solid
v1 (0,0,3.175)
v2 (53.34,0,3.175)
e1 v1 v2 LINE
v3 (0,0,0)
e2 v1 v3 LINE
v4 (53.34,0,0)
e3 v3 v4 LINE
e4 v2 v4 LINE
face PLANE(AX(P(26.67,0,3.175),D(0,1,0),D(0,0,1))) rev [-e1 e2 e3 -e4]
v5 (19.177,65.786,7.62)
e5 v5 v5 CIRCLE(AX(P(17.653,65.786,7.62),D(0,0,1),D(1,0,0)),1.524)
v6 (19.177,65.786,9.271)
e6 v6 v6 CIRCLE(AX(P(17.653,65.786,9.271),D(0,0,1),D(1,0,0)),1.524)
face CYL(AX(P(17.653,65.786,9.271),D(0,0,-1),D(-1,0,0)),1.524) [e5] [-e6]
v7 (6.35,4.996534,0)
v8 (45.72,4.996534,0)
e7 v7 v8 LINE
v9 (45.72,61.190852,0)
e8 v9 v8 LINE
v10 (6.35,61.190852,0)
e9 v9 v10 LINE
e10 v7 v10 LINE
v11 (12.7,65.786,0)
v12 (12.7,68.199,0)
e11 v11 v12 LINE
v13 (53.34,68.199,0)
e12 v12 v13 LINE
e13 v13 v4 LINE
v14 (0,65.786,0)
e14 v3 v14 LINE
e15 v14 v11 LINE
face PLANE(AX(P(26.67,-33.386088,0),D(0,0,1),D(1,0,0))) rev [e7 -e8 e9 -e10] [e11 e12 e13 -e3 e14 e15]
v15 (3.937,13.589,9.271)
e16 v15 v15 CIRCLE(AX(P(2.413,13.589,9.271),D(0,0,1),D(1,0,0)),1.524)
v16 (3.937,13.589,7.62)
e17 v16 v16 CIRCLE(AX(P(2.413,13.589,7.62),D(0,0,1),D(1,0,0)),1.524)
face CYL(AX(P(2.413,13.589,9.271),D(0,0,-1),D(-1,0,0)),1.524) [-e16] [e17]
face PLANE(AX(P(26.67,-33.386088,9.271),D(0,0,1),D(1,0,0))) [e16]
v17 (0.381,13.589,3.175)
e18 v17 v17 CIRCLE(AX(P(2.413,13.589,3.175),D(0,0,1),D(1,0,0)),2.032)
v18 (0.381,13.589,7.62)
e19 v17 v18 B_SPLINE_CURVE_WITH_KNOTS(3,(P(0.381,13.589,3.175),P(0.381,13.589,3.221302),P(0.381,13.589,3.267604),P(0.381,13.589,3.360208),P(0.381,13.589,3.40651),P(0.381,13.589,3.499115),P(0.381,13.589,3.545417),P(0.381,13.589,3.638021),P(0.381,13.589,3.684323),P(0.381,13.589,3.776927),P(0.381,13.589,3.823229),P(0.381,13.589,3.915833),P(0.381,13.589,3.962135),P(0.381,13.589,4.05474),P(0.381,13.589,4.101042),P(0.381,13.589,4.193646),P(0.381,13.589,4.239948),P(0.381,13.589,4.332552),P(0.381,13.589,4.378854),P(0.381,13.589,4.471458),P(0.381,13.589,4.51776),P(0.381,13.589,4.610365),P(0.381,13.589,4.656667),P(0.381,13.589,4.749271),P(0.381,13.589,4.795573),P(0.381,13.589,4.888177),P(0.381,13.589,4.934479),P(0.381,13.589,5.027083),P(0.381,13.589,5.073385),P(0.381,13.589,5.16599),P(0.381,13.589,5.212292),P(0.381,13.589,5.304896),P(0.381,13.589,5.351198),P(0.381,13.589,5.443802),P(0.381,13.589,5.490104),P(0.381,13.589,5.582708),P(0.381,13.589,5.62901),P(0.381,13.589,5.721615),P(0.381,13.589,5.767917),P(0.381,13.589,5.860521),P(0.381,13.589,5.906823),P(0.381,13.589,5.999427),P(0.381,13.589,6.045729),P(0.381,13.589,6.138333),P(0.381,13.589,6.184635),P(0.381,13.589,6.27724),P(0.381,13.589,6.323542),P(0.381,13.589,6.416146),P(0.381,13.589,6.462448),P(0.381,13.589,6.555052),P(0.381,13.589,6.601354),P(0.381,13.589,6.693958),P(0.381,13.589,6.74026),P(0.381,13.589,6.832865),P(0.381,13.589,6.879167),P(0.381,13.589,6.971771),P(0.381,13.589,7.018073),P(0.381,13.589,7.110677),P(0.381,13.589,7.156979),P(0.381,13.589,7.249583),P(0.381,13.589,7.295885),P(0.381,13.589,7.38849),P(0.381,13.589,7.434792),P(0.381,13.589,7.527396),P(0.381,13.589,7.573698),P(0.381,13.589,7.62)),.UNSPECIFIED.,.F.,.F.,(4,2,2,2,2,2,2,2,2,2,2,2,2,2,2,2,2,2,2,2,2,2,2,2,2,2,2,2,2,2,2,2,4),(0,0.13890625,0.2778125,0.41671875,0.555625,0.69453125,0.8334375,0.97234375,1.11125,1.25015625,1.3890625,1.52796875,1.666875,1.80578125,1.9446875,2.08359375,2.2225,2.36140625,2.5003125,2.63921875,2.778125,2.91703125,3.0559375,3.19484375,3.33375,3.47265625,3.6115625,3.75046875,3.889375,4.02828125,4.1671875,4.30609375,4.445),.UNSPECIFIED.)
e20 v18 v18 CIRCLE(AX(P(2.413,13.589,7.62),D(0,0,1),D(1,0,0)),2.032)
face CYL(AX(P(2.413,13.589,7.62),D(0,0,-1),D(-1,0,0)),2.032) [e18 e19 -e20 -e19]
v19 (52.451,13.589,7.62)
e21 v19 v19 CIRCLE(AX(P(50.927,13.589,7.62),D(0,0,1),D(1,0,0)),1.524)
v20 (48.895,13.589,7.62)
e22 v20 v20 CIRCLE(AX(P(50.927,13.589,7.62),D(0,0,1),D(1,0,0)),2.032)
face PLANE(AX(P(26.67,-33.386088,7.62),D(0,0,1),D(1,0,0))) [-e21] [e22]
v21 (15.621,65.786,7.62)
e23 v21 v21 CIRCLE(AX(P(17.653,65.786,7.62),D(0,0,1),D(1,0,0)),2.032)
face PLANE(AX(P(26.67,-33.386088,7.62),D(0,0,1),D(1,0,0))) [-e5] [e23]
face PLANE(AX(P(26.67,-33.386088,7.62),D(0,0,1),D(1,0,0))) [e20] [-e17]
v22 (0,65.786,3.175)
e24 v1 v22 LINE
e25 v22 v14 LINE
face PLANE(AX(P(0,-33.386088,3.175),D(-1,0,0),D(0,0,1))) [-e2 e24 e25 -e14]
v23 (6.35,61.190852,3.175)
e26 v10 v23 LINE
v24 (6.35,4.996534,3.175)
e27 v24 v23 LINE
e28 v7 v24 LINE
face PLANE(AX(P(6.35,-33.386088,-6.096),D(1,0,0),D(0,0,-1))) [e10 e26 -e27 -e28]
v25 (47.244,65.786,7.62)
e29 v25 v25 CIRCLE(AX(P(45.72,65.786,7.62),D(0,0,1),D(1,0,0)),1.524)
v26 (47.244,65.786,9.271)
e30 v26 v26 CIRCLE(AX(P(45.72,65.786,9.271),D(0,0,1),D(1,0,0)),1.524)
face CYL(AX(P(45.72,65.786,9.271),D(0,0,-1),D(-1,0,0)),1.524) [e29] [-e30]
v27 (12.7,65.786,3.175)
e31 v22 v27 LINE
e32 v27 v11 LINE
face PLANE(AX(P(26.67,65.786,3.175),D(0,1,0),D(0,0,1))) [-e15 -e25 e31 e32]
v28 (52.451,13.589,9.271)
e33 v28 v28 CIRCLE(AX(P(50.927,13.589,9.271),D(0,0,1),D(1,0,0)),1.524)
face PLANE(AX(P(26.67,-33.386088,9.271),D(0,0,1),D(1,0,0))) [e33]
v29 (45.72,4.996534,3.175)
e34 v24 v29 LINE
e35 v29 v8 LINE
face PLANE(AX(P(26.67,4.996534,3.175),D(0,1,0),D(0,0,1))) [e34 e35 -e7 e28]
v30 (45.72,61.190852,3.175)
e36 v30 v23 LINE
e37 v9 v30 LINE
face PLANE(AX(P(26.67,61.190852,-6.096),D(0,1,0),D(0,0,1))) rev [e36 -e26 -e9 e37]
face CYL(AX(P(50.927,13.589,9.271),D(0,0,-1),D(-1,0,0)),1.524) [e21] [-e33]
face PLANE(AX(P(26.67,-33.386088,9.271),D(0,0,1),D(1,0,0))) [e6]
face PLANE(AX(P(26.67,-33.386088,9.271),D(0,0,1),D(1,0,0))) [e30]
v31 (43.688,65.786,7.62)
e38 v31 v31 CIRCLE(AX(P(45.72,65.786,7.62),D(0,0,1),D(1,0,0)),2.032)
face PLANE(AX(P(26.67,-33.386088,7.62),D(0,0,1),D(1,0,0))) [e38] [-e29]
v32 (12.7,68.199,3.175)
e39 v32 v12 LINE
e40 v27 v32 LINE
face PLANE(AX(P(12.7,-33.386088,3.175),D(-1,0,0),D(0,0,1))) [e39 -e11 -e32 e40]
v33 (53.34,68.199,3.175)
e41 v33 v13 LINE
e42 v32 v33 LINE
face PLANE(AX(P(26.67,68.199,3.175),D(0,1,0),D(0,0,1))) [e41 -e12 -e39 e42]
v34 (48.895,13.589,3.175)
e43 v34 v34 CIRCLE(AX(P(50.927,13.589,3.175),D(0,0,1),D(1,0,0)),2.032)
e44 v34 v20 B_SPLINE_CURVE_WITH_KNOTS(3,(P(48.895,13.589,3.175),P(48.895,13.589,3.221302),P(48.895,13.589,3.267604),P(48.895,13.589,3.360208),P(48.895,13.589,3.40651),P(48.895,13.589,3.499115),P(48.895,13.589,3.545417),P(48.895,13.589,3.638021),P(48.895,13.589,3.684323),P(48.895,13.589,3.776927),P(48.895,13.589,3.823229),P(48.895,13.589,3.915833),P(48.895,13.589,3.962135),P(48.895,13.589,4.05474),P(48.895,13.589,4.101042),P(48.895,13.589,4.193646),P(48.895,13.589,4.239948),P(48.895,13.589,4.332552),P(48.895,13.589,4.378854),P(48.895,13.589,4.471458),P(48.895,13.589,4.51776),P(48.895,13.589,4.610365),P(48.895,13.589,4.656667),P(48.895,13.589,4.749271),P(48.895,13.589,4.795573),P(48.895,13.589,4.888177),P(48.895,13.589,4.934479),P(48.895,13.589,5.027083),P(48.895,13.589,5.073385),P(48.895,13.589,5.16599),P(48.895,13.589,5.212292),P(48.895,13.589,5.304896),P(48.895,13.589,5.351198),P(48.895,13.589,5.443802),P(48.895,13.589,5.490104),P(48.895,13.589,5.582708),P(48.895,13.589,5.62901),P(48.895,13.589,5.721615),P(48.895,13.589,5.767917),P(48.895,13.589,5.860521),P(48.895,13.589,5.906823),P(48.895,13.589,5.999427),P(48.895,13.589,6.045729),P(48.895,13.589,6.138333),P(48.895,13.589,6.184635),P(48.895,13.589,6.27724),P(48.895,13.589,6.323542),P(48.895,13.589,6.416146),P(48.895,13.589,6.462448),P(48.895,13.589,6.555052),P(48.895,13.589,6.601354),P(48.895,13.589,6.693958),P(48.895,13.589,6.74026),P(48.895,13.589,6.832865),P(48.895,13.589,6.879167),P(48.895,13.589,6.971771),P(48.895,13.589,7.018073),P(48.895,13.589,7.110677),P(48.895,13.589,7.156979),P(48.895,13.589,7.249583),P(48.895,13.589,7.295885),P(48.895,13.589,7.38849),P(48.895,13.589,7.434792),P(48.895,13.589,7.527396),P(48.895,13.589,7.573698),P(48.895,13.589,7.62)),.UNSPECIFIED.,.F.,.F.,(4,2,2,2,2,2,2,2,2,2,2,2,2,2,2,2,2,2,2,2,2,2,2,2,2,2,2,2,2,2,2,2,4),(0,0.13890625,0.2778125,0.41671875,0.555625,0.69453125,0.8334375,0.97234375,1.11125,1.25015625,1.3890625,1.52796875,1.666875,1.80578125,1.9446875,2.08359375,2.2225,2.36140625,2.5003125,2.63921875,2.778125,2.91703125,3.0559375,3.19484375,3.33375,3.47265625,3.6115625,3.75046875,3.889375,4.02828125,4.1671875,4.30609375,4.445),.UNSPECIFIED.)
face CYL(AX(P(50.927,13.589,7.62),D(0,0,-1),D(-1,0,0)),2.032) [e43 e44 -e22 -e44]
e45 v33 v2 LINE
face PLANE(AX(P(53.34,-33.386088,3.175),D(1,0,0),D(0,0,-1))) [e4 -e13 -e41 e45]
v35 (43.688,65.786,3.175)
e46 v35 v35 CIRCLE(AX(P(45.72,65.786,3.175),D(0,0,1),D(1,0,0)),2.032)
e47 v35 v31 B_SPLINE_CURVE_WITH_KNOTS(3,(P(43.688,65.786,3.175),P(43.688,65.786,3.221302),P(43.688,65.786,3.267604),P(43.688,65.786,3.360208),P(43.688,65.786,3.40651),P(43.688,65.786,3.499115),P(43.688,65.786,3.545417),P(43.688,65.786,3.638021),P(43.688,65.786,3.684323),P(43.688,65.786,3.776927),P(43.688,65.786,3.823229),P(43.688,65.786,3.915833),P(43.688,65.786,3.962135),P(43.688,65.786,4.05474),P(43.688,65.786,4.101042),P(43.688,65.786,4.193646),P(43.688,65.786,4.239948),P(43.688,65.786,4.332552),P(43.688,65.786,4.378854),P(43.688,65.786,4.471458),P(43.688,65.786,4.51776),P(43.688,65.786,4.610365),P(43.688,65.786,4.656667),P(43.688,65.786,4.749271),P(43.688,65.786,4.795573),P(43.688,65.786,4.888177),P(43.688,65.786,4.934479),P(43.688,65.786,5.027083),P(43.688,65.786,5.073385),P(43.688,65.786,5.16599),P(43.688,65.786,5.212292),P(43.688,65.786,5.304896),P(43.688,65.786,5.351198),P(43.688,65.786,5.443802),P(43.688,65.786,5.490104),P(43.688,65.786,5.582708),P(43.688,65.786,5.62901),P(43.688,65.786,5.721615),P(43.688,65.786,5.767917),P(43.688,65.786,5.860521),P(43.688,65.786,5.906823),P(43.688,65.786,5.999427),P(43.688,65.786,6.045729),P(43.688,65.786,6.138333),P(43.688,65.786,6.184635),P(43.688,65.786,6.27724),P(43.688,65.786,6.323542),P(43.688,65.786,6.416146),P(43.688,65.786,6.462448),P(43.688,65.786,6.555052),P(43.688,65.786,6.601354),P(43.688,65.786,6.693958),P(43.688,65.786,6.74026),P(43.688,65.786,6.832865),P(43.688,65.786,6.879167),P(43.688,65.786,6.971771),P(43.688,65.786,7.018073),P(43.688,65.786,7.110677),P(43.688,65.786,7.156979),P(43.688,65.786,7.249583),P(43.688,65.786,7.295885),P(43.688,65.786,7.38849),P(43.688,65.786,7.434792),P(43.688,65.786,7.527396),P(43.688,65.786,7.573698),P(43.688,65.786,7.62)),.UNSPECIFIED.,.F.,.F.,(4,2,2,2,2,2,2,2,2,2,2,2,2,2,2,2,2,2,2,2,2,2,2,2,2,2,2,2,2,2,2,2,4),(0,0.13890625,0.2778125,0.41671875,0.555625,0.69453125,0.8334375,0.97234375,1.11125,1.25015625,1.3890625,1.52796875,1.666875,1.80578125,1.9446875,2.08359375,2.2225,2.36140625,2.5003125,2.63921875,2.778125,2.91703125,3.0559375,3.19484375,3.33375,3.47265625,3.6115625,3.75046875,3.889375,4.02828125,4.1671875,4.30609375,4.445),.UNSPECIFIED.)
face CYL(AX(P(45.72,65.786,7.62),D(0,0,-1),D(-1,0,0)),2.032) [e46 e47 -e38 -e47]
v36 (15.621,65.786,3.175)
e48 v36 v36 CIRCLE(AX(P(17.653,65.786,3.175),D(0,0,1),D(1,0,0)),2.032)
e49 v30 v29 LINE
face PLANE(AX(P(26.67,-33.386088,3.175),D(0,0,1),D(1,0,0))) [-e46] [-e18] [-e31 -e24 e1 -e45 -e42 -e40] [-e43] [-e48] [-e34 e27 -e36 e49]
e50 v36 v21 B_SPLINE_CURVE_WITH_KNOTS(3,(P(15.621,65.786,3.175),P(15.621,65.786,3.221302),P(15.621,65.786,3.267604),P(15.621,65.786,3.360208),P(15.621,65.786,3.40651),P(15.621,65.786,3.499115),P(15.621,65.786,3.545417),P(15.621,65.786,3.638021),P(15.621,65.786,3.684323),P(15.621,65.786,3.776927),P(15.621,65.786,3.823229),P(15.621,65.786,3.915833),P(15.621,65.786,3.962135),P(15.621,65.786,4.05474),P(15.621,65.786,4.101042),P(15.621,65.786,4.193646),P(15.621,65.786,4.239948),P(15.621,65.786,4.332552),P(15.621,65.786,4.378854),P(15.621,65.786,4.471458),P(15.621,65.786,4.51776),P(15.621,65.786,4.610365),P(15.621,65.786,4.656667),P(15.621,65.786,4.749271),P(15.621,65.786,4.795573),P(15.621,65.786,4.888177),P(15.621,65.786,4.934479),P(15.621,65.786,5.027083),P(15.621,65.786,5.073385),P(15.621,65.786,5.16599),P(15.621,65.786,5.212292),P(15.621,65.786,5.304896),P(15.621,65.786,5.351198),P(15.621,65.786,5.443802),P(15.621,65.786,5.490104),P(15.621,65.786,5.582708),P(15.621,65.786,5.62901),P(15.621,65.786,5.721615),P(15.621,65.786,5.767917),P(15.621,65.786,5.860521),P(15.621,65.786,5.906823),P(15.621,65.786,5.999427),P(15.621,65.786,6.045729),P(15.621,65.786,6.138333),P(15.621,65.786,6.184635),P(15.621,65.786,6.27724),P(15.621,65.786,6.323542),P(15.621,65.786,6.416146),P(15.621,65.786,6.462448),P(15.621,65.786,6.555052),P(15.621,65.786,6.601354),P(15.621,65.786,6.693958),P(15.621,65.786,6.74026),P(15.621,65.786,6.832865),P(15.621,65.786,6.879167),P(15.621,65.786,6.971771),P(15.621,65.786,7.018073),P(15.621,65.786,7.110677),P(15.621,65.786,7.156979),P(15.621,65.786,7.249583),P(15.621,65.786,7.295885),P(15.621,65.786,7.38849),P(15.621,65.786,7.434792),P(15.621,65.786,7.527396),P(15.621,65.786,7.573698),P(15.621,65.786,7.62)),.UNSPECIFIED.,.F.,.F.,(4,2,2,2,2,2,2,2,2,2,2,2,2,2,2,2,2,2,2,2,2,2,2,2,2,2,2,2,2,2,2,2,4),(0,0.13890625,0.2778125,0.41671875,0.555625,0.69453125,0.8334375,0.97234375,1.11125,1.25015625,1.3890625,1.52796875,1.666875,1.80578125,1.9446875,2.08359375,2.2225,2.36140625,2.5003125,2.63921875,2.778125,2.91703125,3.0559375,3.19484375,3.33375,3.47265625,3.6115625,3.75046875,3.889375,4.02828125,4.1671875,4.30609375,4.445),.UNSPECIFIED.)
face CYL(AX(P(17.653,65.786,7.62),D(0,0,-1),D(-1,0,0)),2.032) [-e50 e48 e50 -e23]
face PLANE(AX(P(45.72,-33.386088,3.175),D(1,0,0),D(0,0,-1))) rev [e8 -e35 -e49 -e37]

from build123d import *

# Parameters (mm, degrees)
SKETCH1_R           = 2.032
SKETCH1_W           = 33.02
SKETCH1_H           = 52.3843179
BOSS_EXTRUDE1_DEPTH = 3.175
SKETCH1_3_R         = 2.032
SKETCH1_3_R_2       = 1.524
BOSS_EXTRUDE2_DEPTH = 7.62
SKETCH1_4_R         = 1.524
BOSS_EXTRUDE3_DEPTH = 9.271
SKETCH2_W           = 6.35
SKETCH2_H           = 52.3843179
CUT_EXTRUDE1_DEPTH  = 9.271


with BuildPart() as part:
    # Sketch1 → Boss-Extrude1 (new body)
    with BuildSketch(Plane.XY):
        Polygon((53.34, 68.199), (53.34, 65.786), (53.34, 0), (0, 0), (0, 65.786), (12.7, 65.786), (12.7, 68.199), (45.72, 68.199), align=None)
        with Locations((45.72, 65.786)):
            Circle(SKETCH1_R, mode=Mode.SUBTRACT)
        with Locations((17.653, 65.786)):
            Circle(SKETCH1_R, mode=Mode.SUBTRACT)
        with Locations((2.413, 13.589)):
            Circle(SKETCH1_R, mode=Mode.SUBTRACT)
        with Locations((50.927, 13.589)):
            Circle(SKETCH1_R, mode=Mode.SUBTRACT)
        with Locations((29.21, 31.18869335)):
            Rectangle(SKETCH1_W, SKETCH1_H, mode=Mode.SUBTRACT)
    extrude(amount=BOSS_EXTRUDE1_DEPTH)

    # Sketch1<3> → Boss-Extrude2 (add)
    # profile 1 of 4: a face of its own
    with BuildSketch(Plane.XY):
        with Locations(Location((17.653, 65.786, 0), (0, 0, 180))):
            Circle(SKETCH1_3_R)
        with Locations(Location((17.653, 65.786, 0), (0, 0, 180))):
            Circle(SKETCH1_3_R_2, mode=Mode.SUBTRACT)
    # profile 2 of 4: a face of its own
    with BuildSketch(Plane.XY):
        with Locations(Location((45.72, 65.786, 0), (0, 0, 180))):
            Circle(SKETCH1_3_R)
        with Locations(Location((45.72, 65.786, 0), (0, 0, 180))):
            Circle(SKETCH1_3_R_2, mode=Mode.SUBTRACT)
    # profile 3 of 4: a face of its own
    with BuildSketch(Plane.XY):
        with Locations(Location((50.927, 13.589, 0), (0, 0, 180))):
            Circle(SKETCH1_3_R)
        with Locations(Location((50.927, 13.589, 0), (0, 0, 180))):
            Circle(SKETCH1_3_R_2, mode=Mode.SUBTRACT)
    # profile 4 of 4: a face of its own
    with BuildSketch(Plane.XY):
        with Locations(Location((2.413, 13.589, 0), (0, 0, 180))):
            Circle(SKETCH1_3_R)
        with Locations(Location((2.413, 13.589, 0), (0, 0, 180))):
            Circle(SKETCH1_3_R_2, mode=Mode.SUBTRACT)
    extrude(amount=BOSS_EXTRUDE2_DEPTH)

    # Sketch1<4> → Boss-Extrude3 (add)
    with BuildSketch(Plane.XY):
        with Locations((2.413, 13.589)):
            Circle(SKETCH1_4_R)
        with Locations((17.653, 65.786)):
            Circle(SKETCH1_4_R)
        with Locations((45.72, 65.786)):
            Circle(SKETCH1_4_R)
        with Locations((50.927, 13.589)):
            Circle(SKETCH1_4_R)
    extrude(amount=BOSS_EXTRUDE3_DEPTH)

    # Sketch2 → Cut-Extrude1 (cut)
    with BuildSketch(Plane.XY.offset(3.175)):
        with Locations((9.525, 31.18869335)):
            Rectangle(SKETCH2_W, SKETCH2_H)
        Polygon((45.72, 57.3808523), (45.72, 61.1908523), (6.35, 61.1908523), (6.35, 57.3808523), (12.7, 57.3808523), align=None)
    extrude(amount=-CUT_EXTRUDE1_DEPTH, mode=Mode.SUBTRACT)


solid = part.part
